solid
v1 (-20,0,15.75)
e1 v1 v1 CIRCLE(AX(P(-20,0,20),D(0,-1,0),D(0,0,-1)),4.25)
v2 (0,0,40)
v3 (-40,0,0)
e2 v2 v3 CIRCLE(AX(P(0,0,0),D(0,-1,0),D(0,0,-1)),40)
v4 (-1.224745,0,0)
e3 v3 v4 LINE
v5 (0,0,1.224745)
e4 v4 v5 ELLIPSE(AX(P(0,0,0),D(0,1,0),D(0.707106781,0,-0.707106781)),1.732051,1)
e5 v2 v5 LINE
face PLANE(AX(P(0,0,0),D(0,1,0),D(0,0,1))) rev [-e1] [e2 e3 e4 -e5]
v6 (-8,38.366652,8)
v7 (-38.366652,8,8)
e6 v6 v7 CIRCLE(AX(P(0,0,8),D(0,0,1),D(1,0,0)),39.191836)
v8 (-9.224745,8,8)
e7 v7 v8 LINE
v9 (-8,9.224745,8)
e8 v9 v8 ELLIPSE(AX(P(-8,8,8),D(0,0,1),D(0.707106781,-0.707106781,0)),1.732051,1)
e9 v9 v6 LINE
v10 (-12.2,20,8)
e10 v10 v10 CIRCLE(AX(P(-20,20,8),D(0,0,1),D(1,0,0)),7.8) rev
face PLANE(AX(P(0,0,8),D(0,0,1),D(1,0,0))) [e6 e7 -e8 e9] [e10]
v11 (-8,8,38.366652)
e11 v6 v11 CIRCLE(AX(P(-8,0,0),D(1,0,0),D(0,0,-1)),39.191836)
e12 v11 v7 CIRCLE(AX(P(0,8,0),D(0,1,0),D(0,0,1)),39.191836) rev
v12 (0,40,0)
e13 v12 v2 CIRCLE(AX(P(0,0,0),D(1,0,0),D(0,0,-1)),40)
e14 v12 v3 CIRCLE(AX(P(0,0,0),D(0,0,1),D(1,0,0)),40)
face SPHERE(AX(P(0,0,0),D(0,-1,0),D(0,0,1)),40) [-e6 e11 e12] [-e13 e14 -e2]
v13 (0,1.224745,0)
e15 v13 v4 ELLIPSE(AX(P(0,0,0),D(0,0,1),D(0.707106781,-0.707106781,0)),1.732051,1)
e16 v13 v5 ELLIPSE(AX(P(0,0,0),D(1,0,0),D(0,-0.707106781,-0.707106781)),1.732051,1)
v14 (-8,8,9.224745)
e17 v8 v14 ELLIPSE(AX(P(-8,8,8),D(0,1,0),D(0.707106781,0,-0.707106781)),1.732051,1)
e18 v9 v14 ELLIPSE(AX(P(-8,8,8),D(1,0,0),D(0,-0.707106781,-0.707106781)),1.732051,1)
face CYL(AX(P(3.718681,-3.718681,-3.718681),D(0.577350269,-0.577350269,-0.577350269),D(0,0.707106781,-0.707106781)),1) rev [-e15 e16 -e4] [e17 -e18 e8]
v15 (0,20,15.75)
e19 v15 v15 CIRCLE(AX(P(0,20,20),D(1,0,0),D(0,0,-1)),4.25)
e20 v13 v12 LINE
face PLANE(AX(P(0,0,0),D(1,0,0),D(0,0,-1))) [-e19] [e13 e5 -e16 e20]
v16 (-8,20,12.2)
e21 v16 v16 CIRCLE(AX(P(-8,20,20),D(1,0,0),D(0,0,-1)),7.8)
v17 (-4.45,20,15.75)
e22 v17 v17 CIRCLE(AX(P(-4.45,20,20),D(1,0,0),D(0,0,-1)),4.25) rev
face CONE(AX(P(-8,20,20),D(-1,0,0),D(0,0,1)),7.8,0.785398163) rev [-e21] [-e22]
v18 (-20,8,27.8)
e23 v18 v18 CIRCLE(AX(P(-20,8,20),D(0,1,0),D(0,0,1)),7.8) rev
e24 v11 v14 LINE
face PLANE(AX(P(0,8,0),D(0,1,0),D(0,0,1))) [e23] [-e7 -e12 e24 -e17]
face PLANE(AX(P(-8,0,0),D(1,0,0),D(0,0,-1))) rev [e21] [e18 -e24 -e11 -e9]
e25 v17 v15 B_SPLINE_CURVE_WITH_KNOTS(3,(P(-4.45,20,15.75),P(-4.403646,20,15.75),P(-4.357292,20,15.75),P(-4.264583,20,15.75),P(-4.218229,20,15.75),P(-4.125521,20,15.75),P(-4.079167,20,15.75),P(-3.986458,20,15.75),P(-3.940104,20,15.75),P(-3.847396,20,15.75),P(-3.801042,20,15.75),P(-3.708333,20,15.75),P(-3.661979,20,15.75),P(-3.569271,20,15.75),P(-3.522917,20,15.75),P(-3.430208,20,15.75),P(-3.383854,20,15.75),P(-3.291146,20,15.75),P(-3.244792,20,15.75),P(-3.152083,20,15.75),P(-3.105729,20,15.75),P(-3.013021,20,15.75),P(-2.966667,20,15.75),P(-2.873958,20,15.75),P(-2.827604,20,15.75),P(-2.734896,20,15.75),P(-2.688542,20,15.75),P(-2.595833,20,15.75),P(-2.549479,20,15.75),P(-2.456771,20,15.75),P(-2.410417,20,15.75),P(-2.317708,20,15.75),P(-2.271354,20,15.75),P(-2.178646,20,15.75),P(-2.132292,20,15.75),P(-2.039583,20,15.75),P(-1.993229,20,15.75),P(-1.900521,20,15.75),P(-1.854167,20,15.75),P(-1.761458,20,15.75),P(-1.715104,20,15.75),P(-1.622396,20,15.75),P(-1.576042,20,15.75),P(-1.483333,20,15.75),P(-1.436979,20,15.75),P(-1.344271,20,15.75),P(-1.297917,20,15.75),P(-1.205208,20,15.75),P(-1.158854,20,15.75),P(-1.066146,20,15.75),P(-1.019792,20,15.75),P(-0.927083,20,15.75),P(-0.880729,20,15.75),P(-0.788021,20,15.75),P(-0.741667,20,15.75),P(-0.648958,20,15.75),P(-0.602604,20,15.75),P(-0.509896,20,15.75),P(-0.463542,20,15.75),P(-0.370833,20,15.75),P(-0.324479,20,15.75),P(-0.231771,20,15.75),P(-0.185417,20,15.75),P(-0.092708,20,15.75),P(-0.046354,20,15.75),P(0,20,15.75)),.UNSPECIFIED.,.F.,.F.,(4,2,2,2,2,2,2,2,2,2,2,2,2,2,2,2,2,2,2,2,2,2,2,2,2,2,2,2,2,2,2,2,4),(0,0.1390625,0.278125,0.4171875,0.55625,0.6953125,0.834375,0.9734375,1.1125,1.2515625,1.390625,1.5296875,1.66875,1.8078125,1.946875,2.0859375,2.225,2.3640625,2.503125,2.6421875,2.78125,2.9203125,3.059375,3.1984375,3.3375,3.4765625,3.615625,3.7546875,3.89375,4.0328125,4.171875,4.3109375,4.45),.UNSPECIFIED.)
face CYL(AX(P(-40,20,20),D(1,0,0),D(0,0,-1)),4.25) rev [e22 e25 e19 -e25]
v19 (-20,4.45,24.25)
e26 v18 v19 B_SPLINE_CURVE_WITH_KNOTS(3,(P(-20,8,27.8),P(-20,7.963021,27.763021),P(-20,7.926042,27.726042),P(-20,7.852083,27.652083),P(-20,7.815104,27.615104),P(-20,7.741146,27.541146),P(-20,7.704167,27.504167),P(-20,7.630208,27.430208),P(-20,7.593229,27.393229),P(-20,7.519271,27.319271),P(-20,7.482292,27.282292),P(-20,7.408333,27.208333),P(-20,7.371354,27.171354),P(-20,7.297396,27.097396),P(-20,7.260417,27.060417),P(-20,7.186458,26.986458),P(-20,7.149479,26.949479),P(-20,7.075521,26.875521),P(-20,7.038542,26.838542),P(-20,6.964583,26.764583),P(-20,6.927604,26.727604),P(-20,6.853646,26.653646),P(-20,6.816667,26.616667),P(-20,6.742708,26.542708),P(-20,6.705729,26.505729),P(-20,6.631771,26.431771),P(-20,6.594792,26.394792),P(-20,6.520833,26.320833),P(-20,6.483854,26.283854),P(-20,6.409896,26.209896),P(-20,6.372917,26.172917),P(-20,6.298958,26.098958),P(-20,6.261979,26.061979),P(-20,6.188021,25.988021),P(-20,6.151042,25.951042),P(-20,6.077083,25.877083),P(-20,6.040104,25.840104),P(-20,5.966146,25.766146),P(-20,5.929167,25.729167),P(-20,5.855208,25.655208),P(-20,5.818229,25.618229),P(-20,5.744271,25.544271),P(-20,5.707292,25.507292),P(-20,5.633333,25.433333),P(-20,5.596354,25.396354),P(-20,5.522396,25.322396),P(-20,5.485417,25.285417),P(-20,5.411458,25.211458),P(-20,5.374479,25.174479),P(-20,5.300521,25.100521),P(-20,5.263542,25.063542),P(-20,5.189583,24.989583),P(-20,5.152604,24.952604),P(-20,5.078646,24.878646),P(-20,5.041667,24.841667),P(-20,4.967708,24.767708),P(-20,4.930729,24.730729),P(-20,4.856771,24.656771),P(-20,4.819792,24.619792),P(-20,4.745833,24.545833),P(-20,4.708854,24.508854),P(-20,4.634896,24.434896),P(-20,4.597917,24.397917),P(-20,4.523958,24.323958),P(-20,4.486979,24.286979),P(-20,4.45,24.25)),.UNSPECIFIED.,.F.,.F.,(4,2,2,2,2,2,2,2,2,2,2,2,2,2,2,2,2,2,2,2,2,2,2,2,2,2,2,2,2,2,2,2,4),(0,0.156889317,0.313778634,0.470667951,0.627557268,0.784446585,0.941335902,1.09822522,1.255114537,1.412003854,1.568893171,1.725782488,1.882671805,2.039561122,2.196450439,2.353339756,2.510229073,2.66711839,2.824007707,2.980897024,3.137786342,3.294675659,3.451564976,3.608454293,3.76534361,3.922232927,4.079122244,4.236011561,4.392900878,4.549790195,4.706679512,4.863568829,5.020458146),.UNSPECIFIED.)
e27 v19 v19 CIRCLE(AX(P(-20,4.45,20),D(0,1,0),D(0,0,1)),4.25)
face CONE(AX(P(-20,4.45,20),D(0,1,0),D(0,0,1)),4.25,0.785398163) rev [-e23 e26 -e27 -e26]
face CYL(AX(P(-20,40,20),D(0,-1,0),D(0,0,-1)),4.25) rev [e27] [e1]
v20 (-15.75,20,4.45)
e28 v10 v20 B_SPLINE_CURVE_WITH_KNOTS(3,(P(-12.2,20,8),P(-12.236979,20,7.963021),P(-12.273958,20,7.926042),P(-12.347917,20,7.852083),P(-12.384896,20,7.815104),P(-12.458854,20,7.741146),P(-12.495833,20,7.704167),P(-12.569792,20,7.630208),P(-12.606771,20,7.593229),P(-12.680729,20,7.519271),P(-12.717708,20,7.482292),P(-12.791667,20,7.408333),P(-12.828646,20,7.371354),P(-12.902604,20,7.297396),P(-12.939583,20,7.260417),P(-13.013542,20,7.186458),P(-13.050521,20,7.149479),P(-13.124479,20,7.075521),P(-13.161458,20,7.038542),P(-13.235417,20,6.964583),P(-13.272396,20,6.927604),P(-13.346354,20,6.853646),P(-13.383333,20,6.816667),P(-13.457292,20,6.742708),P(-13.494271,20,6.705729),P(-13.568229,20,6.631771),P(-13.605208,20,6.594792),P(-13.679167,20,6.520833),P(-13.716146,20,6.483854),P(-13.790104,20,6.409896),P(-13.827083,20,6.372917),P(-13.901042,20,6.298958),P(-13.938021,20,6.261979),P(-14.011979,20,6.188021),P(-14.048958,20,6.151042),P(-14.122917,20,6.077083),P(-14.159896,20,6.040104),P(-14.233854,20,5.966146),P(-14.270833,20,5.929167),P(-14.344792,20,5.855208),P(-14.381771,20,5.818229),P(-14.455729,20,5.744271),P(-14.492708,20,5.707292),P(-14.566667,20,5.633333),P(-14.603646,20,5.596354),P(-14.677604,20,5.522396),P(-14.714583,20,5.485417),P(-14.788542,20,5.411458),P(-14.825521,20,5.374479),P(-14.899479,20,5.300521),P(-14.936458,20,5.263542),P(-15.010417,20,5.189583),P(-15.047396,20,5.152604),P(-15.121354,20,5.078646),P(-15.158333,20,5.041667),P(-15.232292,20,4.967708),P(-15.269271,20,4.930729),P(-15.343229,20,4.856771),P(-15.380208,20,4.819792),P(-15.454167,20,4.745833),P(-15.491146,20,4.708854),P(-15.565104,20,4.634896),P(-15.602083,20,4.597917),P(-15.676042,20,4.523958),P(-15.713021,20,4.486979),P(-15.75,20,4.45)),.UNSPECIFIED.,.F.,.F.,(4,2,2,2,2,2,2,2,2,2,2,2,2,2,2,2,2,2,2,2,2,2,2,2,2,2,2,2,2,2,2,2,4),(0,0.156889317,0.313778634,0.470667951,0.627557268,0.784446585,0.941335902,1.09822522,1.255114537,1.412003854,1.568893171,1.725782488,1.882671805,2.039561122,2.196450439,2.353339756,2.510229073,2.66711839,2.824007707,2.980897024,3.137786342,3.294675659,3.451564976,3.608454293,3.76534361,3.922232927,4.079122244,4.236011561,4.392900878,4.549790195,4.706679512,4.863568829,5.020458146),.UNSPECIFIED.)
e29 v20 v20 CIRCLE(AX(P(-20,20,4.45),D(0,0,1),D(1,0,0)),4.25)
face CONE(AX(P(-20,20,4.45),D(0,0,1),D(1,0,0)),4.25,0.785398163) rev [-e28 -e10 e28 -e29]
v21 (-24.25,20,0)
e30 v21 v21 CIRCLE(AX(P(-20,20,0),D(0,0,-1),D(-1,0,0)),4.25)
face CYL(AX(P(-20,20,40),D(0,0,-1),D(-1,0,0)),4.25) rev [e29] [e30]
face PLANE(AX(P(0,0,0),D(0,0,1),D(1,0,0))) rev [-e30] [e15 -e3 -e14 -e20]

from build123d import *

# Parameters (mm, degrees)
REVOLVE_2_ANGLE     = 90
SHELL_1_T           = -8
SKETCH_3_R          = 4.25
CUT_EXTRUDE_1_DEPTH = 70.282032303
SKETCH_4_R          = 4.25
CUT_EXTRUDE_2_DEPTH = 70.282032303
SKETCH_5_R          = 4.25
CUT_EXTRUDE_3_DEPTH = 70.282032303
CHAMFER_1_SIZE      = 3.55
CHAMFER_2_SIZE      = 3.55
CHAMFER_3_SIZE      = 3.55


with BuildPart() as part:
    # 草图2 → 旋转2 (revolve)
    with BuildSketch(Plane.XY):
        with BuildLine():
            Line((0, 0), (0, 40))
            ThreePointArc((0, 40), (-28.284271247, 28.284271247), (-40, 0))
            Line((-40, 0), (0, 0))
        make_face()
    revolve(axis=Axis((0, 0, 0), (0, 1, 0)), revolution_arc=REVOLVE_2_ANGLE)

    # 抽壳1
    shell_1_openings = [part.faces().sort_by_distance(p)[0] for p in [
        (-20, 28.284271247, 20),
    ]]
    offset(amount=SHELL_1_T, openings=shell_1_openings, kind=Kind.INTERSECTION)

    # 草图3 → 切除-拉伸1 (cut, through all)
    with BuildSketch(Plane(origin=(0, 0, 0), x_dir=(0, 0, -1), z_dir=(1, 0, 0))):
        with Locations((-20, 20)):
            Circle(SKETCH_3_R)
    extrude(amount=-CUT_EXTRUDE_1_DEPTH, mode=Mode.SUBTRACT)

    # 草图4 → 切除-拉伸2 (cut, through all)
    with BuildSketch(Plane(origin=(0, 0, 0), x_dir=(-1, 0, 0), z_dir=(0, 0, -1))):
        with Locations((20, 20)):
            Circle(SKETCH_4_R)
    extrude(amount=-CUT_EXTRUDE_2_DEPTH, mode=Mode.SUBTRACT)

    # 草图5 → 切除-拉伸3 (cut, through all)
    with BuildSketch(Plane.XZ):
        with Locations(Location((-20, 20, 0), (0, 0, 270))):
            Circle(SKETCH_5_R)
    extrude(amount=-CUT_EXTRUDE_3_DEPTH, mode=Mode.SUBTRACT)

    # 倒角1
    chamfer_1_edges = [part.edges().sort_by_distance(p)[0] for p in [
        (-8, 20, 24.25),
    ]]
    chamfer(chamfer_1_edges, length=CHAMFER_1_SIZE)

    # 倒角2
    chamfer_2_edges = [part.edges().sort_by_distance(p)[0] for p in [
        (-15.75, 20, 8),
    ]]
    chamfer(chamfer_2_edges, length=CHAMFER_2_SIZE)

    # 倒角3
    chamfer_3_edges = [part.edges().sort_by_distance(p)[0] for p in [
        (-20, 8, 24.25),
    ]]
    chamfer(chamfer_3_edges, length=CHAMFER_3_SIZE)

    # 草图9 → 切除-旋转2 (revolve, cut)
    with BuildSketch(Plane(origin=(0, 0, 0), x_dir=(-0.7071067811865464, 0, 0.7071067811865488), z_dir=(-0.7071067811865488, 0, -0.7071067811865464)), mode=Mode.PRIVATE) as cut_revolve_2_sk:
        Polygon((-5.259009462, -3.718681253), (16.625182172, 11.755779052), (17.202532441, 10.939282471), (-4.592338975, -4.472018902), align=None)
    revolve(cut_revolve_2_sk.sketch.rotate(Axis((3.718681253, -3.718681253, -3.718681253), (-0.5773502691896244, 0.5773502691896266, 0.5773502691896265)), 180), axis=Axis((3.718681253, -3.718681253, -3.718681253), (-0.5773502691896244, 0.5773502691896266, 0.5773502691896265)), mode=Mode.SUBTRACT)


solid = part.part
